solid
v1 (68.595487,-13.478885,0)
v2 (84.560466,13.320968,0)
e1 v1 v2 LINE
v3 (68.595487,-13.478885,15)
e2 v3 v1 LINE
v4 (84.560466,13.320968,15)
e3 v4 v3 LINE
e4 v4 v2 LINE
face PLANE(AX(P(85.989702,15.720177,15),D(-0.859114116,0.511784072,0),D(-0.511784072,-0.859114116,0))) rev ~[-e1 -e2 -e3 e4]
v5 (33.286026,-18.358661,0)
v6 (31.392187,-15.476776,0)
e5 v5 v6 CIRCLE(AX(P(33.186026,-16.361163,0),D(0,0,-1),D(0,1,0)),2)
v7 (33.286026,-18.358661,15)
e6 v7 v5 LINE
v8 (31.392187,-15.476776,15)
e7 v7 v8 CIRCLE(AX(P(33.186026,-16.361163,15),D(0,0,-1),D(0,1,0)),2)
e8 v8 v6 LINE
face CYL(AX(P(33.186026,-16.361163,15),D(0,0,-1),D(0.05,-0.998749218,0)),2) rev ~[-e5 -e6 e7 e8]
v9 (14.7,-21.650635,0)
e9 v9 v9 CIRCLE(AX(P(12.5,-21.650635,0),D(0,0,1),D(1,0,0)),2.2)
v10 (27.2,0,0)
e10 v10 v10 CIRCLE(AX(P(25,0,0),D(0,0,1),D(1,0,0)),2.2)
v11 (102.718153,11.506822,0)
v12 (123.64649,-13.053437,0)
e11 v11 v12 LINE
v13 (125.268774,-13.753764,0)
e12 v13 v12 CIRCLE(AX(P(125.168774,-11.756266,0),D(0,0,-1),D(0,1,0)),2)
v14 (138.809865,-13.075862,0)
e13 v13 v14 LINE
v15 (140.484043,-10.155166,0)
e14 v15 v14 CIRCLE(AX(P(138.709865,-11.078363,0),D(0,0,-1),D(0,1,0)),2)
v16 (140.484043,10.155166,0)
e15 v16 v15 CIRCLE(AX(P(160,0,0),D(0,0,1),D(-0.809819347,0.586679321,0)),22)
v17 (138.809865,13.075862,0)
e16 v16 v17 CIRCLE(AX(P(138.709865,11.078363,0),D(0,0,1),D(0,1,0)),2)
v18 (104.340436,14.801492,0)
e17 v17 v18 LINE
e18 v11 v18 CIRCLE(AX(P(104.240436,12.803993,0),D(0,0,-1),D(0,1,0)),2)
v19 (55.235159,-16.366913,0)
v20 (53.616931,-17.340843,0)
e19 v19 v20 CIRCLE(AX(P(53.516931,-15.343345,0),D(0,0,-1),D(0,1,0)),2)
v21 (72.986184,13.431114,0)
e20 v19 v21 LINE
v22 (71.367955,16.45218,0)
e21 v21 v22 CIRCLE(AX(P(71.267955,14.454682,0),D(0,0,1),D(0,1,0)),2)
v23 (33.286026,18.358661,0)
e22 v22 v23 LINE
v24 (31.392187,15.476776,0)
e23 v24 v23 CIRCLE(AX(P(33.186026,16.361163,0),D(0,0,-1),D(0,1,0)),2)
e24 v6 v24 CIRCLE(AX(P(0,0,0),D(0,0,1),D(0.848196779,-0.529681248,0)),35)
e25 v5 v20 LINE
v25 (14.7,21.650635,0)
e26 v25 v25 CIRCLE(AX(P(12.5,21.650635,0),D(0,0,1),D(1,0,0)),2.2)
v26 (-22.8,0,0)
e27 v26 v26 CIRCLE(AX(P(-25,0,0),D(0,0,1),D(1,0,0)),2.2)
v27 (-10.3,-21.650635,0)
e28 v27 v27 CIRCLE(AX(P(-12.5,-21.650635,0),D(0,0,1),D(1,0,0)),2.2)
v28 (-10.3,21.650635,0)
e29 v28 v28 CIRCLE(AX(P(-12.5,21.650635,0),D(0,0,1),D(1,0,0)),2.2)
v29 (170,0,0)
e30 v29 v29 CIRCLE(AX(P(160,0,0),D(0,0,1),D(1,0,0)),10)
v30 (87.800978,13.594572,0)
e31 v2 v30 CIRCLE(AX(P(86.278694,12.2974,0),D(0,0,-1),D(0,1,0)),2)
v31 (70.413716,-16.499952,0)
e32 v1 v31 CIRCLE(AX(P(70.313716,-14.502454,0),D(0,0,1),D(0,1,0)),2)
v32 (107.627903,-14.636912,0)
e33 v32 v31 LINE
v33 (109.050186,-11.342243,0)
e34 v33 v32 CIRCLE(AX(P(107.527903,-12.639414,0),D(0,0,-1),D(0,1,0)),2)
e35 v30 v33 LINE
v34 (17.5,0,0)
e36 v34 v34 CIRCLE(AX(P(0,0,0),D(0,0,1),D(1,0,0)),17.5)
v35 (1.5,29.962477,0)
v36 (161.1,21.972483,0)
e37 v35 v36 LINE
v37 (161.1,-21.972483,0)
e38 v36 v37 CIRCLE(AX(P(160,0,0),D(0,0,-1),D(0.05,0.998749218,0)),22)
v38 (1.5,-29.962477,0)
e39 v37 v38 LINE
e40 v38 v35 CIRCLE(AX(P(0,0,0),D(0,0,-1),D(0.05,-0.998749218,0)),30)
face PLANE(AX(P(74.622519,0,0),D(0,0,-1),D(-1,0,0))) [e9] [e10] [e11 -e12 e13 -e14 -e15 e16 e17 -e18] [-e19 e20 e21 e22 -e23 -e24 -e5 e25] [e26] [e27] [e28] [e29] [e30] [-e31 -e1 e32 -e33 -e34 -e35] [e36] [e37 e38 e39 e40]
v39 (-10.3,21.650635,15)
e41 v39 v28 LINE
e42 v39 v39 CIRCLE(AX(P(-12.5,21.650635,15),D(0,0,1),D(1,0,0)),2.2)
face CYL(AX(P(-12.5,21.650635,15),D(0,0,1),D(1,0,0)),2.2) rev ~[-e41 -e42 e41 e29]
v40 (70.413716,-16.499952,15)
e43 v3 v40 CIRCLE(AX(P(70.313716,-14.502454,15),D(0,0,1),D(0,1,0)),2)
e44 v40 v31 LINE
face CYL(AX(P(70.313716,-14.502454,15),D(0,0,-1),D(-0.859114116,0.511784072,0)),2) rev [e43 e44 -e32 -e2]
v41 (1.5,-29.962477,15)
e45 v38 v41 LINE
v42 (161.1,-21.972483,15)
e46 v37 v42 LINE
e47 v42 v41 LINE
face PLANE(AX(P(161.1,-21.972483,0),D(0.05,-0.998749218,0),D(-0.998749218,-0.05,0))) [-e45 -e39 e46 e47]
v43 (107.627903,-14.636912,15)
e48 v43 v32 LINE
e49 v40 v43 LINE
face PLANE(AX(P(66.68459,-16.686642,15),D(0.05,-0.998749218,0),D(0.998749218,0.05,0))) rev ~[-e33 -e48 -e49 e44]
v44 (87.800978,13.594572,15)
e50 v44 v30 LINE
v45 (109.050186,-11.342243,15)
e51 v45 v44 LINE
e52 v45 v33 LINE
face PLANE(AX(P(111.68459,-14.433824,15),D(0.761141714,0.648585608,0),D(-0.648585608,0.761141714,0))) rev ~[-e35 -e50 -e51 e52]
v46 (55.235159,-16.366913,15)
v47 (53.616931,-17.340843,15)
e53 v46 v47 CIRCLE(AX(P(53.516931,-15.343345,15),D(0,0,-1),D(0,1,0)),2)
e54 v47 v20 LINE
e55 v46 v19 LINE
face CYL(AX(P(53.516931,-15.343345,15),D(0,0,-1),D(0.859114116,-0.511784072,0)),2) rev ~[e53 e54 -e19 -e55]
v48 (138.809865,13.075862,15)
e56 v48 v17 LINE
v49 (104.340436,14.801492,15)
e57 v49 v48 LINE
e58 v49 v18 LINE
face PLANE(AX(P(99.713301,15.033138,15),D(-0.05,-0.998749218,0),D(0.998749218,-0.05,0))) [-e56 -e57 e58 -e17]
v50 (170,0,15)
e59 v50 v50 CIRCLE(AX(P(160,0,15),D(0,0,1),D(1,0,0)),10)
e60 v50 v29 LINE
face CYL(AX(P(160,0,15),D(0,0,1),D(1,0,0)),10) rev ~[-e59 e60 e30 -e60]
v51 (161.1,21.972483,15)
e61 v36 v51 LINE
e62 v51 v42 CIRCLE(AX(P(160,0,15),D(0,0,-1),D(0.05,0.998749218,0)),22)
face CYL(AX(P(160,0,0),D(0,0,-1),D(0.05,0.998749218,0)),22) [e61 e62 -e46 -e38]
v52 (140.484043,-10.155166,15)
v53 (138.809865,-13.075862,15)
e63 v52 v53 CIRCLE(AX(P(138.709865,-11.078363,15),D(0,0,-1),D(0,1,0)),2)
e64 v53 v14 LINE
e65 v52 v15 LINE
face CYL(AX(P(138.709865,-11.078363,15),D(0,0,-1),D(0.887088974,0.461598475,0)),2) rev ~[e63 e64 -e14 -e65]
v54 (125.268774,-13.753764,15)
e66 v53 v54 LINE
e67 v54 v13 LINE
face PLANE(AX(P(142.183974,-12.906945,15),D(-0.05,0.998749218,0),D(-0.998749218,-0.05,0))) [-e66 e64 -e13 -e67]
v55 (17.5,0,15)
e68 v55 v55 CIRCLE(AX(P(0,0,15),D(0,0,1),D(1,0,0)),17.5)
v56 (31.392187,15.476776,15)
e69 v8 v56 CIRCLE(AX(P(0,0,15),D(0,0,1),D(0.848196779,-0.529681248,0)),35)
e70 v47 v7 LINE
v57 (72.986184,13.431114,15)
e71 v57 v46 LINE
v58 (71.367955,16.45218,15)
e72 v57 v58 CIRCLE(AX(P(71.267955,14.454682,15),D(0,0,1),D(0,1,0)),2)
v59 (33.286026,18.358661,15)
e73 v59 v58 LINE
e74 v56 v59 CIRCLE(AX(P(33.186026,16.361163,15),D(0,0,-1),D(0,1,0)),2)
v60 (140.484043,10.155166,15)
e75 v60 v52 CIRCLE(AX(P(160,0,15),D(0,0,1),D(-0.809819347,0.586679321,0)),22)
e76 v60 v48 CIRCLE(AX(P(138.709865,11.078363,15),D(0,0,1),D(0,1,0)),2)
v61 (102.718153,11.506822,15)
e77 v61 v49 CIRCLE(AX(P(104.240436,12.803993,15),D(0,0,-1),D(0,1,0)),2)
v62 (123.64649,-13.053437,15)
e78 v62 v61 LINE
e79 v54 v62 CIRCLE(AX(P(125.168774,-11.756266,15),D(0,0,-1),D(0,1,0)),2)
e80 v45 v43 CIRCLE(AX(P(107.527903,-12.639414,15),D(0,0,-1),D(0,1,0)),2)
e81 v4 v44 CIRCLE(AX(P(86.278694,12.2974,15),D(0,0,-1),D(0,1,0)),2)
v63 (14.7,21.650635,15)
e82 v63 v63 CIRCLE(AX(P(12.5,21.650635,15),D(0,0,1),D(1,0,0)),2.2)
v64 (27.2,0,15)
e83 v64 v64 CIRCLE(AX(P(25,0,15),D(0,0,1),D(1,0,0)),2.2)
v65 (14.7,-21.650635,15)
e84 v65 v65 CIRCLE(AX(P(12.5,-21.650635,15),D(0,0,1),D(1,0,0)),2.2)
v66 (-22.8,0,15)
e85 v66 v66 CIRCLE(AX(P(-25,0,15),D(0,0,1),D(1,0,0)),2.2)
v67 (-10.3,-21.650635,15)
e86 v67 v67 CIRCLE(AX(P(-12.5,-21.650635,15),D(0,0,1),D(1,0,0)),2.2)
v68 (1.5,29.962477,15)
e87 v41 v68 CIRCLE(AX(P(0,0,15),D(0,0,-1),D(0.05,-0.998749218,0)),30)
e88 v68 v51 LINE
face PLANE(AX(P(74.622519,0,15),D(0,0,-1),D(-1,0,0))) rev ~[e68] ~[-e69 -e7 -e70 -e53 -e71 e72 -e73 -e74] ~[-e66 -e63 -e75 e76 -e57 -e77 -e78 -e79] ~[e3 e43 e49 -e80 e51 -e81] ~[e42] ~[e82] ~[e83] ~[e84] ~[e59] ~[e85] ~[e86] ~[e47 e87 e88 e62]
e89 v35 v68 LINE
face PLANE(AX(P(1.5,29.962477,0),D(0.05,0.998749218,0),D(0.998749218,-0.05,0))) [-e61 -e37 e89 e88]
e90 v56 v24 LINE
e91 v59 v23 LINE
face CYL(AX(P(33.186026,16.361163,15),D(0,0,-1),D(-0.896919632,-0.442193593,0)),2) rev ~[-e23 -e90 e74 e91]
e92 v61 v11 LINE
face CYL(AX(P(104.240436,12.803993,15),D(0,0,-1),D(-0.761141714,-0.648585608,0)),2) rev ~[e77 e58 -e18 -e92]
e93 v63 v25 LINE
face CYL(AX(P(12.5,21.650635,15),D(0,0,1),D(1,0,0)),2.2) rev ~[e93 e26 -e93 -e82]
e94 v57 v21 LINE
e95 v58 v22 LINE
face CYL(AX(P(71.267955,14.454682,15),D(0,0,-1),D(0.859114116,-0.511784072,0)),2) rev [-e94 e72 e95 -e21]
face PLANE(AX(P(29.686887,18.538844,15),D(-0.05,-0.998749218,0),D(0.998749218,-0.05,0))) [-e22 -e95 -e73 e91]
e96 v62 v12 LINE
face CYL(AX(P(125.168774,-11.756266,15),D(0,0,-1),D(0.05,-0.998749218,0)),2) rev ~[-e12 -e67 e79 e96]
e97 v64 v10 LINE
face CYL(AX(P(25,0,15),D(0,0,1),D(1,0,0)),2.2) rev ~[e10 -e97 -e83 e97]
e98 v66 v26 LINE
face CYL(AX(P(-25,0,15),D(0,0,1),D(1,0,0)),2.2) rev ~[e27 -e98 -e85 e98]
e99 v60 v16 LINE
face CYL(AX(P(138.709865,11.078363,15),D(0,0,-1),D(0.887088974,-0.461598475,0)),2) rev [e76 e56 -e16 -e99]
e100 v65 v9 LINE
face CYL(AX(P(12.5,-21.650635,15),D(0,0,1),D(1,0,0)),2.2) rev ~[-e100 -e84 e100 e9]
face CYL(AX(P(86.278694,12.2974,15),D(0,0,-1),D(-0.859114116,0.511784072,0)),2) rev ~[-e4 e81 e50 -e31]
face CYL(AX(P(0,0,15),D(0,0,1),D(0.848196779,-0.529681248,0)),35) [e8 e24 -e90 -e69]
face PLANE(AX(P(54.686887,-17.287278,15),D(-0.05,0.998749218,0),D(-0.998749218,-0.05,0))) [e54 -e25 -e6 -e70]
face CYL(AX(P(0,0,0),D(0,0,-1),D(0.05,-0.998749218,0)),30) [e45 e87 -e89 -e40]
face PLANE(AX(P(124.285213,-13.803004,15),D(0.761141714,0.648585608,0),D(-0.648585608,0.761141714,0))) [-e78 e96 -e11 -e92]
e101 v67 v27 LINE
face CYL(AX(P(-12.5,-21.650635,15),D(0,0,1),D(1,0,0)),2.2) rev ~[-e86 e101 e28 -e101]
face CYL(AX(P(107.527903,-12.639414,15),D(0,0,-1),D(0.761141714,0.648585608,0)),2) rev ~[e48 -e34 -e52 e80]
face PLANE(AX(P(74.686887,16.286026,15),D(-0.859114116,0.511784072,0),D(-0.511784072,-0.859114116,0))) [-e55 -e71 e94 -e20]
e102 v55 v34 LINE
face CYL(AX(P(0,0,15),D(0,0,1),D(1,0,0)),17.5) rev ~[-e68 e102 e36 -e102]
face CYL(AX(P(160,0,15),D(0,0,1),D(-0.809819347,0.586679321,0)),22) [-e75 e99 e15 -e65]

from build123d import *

# Parameters (mm, degrees)
EXTRUDE_1_DEPTH     = 15
SKETCH_2_R          = 2.2
SKETCH_2_R_2        = 10
CUT_EXTRUDE_1_DEPTH = 186.064853497
SKETCH_3_R          = 17.5
CUT_EXTRUDE_2_DEPTH = 186.064853497
FILLET_1_R          = 2


with BuildPart() as part:
    # 草图1 → 凸台-拉伸1 (new body)
    with BuildSketch(Plane.XY):
        with BuildLine():
            Line((1.5, 29.962476533), (161.1, 21.972482791))
            ThreePointArc((161.1, 21.972482791), (182, 0), (161.1, -21.972482791))
            Line((161.1, -21.972482791), (1.5, -29.962476533))
            ThreePointArc((1.5, -29.962476533), (-30, 0), (1.5, 29.962476533))
        make_face()
    extrude(amount=EXTRUDE_1_DEPTH)

    # 草图2 → 切除-拉伸1 (cut, through all)
    with BuildSketch(Plane.XY.offset(15)):
        with Locations((-25, 0)):
            Circle(SKETCH_2_R)
        with Locations((-12.5, 21.650635095)):
            Circle(SKETCH_2_R)
        with Locations((12.5, 21.650635095)):
            Circle(SKETCH_2_R)
        with Locations((25, 0)):
            Circle(SKETCH_2_R)
        with Locations((12.5, -21.650635095)):
            Circle(SKETCH_2_R)
        with Locations((-12.5, -21.650635095)):
            Circle(SKETCH_2_R)
        with Locations((160, 0)):
            Circle(SKETCH_2_R_2)
    extrude(amount=-CUT_EXTRUDE_1_DEPTH, mode=Mode.SUBTRACT)

    # 草图3 → 切除-拉伸2 (cut, through all)
    with BuildSketch(Plane.XY.offset(15)):
        Circle(SKETCH_3_R)
        with BuildLine():
            Line((29.686887248, 18.538843694), (74.686887248, 16.286025909))
            Line((74.686887248, 16.286025909), (54.686887248, -17.287278258))
            Line((54.686887248, -17.287278258), (29.686887248, -18.538843694))
            ThreePointArc((29.686887248, -18.538843694), (35, 0), (29.686887248, 18.538843694))
        make_face()
        Polygon((85.989702062, 15.720177415), (66.684590425, -16.686641834), (111.684590425, -14.433824049), align=None)
        with BuildLine():
            Line((99.713301235, 15.03313812), (142.18397437, 12.906945059))
            ThreePointArc((142.18397437, 12.906945059), (138, 0), (142.18397437, -12.906945059))
            Line((142.18397437, -12.906945059), (124.285212578, -13.803003923))
            Line((124.285212578, -13.803003923), (99.713301235, 15.03313812))
        make_face()
    extrude(amount=-CUT_EXTRUDE_2_DEPTH, mode=Mode.SUBTRACT)

    # 圆角1
    fillet_1_edges = [part.edges().sort_by_distance(p)[0] for p in [
        (124.285212578, -13.803003923, 7.5),
        (99.713301235, 15.03313812, 7.5),
        (142.18397437, 12.906945059, 7.5),
        (142.18397437, -12.906945059, 7.5),
        (85.989702062, 15.720177415, 7.5),
        (111.684590425, -14.433824049, 7.5),
        (66.684590425, -16.686641834, 7.5),
        (74.686887248, 16.286025909, 7.5),
        (54.686887248, -17.287278258, 7.5),
        (29.686887248, -18.538843694, 7.5),
        (29.686887248, 18.538843694, 7.5),
    ]]
    fillet(fillet_1_edges, radius=FILLET_1_R)


solid = part.part
